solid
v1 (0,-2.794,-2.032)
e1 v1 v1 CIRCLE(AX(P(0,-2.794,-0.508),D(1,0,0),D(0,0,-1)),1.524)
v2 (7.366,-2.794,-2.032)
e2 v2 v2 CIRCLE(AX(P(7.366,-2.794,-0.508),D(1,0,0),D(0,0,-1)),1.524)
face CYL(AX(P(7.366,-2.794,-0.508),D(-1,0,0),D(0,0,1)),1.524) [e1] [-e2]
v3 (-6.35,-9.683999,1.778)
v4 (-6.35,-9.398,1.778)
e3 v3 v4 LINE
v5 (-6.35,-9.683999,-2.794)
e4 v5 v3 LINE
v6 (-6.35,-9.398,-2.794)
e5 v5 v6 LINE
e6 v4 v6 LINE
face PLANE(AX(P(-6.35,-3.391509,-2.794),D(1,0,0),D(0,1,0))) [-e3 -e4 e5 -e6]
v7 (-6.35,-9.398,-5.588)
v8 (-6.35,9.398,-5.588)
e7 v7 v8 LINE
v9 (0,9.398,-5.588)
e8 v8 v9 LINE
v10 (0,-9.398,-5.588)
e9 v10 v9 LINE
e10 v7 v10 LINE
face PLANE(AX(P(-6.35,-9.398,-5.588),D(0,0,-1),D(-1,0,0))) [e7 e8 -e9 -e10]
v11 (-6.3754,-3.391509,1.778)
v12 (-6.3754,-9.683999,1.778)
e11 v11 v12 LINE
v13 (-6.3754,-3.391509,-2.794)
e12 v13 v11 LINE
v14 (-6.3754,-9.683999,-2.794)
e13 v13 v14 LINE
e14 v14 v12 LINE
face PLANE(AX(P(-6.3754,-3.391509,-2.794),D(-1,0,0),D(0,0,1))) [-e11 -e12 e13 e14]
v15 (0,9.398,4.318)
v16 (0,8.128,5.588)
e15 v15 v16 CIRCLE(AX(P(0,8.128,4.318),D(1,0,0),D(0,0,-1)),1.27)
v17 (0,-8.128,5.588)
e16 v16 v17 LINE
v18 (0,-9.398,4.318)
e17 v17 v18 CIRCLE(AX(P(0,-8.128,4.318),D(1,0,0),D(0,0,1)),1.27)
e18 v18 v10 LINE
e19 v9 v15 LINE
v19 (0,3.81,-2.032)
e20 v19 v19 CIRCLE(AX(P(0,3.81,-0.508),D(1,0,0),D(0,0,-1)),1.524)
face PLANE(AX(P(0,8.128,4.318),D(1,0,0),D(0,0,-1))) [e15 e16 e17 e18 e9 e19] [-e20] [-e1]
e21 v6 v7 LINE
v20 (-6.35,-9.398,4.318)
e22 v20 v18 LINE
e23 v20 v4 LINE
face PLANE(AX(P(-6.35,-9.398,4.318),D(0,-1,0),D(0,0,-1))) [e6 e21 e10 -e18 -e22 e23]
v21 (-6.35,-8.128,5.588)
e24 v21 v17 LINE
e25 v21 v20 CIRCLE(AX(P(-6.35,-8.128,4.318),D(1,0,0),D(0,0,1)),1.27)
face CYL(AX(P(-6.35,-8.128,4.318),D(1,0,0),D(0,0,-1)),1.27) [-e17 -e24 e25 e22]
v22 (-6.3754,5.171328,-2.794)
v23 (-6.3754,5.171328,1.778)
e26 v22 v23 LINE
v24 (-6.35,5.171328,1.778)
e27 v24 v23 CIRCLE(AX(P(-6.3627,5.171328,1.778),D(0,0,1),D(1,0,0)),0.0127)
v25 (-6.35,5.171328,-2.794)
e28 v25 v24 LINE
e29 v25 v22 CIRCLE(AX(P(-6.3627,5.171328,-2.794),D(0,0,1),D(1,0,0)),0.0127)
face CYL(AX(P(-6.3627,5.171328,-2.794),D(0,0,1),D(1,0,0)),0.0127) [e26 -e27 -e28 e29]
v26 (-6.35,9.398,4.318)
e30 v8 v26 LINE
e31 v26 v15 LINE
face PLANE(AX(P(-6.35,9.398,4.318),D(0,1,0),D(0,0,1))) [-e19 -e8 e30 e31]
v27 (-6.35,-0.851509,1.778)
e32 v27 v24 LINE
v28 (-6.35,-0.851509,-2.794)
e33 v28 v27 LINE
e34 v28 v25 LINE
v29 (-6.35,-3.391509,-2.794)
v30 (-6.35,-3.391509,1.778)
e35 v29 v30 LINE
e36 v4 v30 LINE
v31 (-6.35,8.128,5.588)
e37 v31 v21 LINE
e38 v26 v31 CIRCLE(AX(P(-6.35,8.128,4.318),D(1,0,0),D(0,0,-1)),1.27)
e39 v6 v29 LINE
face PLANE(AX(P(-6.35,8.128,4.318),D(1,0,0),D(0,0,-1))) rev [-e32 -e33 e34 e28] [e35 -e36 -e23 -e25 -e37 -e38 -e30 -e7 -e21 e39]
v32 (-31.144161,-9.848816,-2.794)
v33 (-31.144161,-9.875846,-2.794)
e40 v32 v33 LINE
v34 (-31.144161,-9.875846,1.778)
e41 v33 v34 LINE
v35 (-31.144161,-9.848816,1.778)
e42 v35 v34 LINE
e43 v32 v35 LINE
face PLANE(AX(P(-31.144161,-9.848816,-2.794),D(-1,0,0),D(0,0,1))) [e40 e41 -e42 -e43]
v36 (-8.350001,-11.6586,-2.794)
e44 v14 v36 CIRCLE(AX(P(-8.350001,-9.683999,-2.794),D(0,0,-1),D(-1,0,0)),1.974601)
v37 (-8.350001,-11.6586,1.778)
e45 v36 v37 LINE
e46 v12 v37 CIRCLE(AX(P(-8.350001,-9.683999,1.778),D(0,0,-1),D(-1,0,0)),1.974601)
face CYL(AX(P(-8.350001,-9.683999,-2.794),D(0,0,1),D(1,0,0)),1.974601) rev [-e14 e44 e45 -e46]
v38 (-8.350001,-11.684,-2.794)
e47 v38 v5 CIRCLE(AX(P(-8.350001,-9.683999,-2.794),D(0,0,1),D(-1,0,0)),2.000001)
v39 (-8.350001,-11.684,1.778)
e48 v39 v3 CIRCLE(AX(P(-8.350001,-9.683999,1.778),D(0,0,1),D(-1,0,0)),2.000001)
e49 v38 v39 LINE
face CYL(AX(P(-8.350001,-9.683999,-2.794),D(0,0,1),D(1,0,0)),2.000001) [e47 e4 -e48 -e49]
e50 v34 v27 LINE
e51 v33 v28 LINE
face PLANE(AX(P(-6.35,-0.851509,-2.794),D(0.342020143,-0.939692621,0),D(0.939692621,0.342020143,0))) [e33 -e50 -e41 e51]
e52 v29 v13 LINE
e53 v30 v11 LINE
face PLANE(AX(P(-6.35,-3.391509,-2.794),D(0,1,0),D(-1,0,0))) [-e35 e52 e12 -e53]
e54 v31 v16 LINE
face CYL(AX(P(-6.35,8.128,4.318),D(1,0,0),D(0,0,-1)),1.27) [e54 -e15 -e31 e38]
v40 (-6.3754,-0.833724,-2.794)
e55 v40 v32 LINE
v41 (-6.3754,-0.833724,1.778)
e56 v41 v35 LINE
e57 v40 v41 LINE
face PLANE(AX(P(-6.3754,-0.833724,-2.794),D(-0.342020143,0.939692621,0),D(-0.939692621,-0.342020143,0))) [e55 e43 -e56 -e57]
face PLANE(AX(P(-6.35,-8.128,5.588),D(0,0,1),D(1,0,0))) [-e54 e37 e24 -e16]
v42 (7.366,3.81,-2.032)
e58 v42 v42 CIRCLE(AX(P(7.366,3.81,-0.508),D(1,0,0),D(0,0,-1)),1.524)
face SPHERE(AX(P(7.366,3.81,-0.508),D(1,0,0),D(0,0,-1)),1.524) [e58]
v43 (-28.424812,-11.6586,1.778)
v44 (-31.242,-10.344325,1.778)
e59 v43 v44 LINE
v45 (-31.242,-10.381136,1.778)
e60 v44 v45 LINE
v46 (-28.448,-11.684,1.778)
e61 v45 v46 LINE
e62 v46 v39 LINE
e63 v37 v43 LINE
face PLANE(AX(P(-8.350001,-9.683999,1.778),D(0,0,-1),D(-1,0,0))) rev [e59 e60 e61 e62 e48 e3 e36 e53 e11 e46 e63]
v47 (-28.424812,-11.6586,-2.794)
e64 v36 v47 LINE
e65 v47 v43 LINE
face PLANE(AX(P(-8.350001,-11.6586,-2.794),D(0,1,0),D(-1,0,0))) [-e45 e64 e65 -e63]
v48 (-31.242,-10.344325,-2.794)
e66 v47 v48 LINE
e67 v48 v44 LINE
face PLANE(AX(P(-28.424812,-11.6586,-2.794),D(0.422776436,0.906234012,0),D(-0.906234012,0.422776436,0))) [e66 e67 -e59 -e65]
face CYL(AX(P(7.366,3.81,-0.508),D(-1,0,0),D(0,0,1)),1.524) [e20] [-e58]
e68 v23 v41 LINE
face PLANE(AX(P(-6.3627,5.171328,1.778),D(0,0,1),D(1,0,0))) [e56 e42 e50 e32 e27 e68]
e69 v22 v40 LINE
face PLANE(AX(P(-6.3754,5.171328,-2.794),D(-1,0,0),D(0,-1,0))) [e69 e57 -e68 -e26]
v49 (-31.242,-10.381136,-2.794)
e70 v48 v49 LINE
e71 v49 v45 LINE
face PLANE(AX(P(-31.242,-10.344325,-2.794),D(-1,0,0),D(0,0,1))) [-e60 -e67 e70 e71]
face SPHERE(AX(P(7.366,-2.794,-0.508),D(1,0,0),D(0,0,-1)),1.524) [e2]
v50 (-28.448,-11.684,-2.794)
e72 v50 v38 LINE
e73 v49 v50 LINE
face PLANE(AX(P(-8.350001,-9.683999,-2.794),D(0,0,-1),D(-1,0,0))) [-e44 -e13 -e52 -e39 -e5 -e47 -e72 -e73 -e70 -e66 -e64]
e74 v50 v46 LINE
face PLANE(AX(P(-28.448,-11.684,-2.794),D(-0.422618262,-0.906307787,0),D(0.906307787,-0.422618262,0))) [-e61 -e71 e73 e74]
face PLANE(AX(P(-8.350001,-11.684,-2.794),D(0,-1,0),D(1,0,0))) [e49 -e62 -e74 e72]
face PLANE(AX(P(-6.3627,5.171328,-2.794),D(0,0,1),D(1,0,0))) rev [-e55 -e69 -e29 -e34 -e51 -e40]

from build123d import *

# Parameters (mm, degrees)
BOSS_EXTRUDE1_DEPTH = 6.35
SKETCH2_R           = 1.524
BOSS_EXTRUDE2_DEPTH = 7.366
DOME1_FACE_RADIUS   = 1.524
DOME1_HEIGHT        = 1.524
DOME2_FACE_RADIUS   = 1.524
DOME2_HEIGHT        = 1.524
BOSS_EXTRUDE3_DEPTH = 4.572
BOSS_EXTRUDE4_DEPTH = 4.572


with BuildPart() as part:
    # Sketch1 → Boss-Extrude1 (new body)
    with BuildSketch(Plane(origin=(0, 0, 0), x_dir=(0, 0, -1), z_dir=(1, 0, 0))):
        with BuildLine():
            Line((-4.318, -9.398), (5.588, -9.398))
            Line((5.588, -9.398), (5.588, 9.398))
            Line((5.588, 9.398), (-4.318, 9.398))
            ThreePointArc((-4.318, 9.398), (-5.216025612, 9.026025612), (-5.588, 8.128))
            Line((-5.588, 8.128), (-5.588, -8.128))
            ThreePointArc((-5.588, -8.128), (-5.216025612, -9.026025612), (-4.318, -9.398))
        make_face()
    extrude(amount=-BOSS_EXTRUDE1_DEPTH)

    # Sketch2 → Boss-Extrude2 (add)
    with BuildSketch(Plane(origin=(0, 0, 0), x_dir=(0, 0, -1), z_dir=(1, 0, 0))):
        with Locations((0.508, -2.794)):
            Circle(SKETCH2_R)
        with Locations((0.508, 3.81)):
            Circle(SKETCH2_R)
    extrude(amount=BOSS_EXTRUDE2_DEPTH)

    # Dome1: a dome of height H over a round flat face of radius A is a cap of a sphere of radius (A * A + H * H) / (2 * H)
    dome1_r = (DOME1_FACE_RADIUS * DOME1_FACE_RADIUS + DOME1_HEIGHT * DOME1_HEIGHT) / (2 * DOME1_HEIGHT)
    dome1_base = Plane((7.366, 3.81, -0.508), z_dir=(1, 0, 0))
    with Locations(dome1_base.offset(DOME1_HEIGHT - dome1_r)):
        dome1_ball = Sphere(dome1_r, mode=Mode.PRIVATE)
    add(split(dome1_ball, bisect_by=dome1_base, keep=Keep.TOP, mode=Mode.PRIVATE))

    # Dome2: a dome of height H over a round flat face of radius A is a cap of a sphere of radius (A * A + H * H) / (2 * H)
    dome2_r = (DOME2_FACE_RADIUS * DOME2_FACE_RADIUS + DOME2_HEIGHT * DOME2_HEIGHT) / (2 * DOME2_HEIGHT)
    dome2_base = Plane((7.366, -2.794, -0.508), z_dir=(1, 0, 0))
    with Locations(dome2_base.offset(DOME2_HEIGHT - dome2_r)):
        dome2_ball = Sphere(dome2_r, mode=Mode.PRIVATE)
    add(split(dome2_ball, bisect_by=dome2_base, keep=Keep.TOP, mode=Mode.PRIVATE))

    # Sketch6 → Boss-Extrude3 (add)
    with BuildSketch(Plane.XY.offset(1.778)):
        with BuildLine():
            Line((-6.35, -3.391509029), (-6.35, -9.68399892))
            ThreePointArc((-6.35, -9.68399892), (-6.935786754, -11.098213246), (-8.35000108, -11.684))
            Line((-8.35000108, -11.684), (-28.448, -11.684))
            Line((-28.448, -11.684), (-31.242, -10.381136403))
            Line((-31.242, -10.381136403), (-31.242, -10.344325173))
            Line((-31.242, -10.344325173), (-28.424812359, -11.6586))
            Line((-28.424812359, -11.6586), (-8.35000108, -11.6586))
            ThreePointArc((-8.35000108, -11.6586), (-6.953747266, -11.080252734), (-6.3754, -9.68399892))
            Line((-6.3754, -9.68399892), (-6.3754, -3.391509029))
            Line((-6.3754, -3.391509029), (-6.35, -3.391509029))
        make_face()
    extrude(amount=-BOSS_EXTRUDE3_DEPTH)

    # Sketch7 → Boss-Extrude4 (add)
    with BuildSketch(Plane.XY.offset(1.778)):
        with BuildLine():
            Line((-6.35, 5.171328303), (-6.35, -0.851509029))
            Line((-6.35, -0.851509029), (-31.14416134, -9.87584574))
            Line((-31.14416134, -9.87584574), (-31.14416134, -9.848815625))
            Line((-31.14416134, -9.848815625), (-6.3754, -0.833723757))
            Line((-6.3754, -0.833723757), (-6.3754, 5.171328303))
            ThreePointArc((-6.3754, 5.171328303), (-6.3627, 5.184028303), (-6.35, 5.171328303))
        make_face()
    extrude(amount=-BOSS_EXTRUDE4_DEPTH)


solid = part.part
